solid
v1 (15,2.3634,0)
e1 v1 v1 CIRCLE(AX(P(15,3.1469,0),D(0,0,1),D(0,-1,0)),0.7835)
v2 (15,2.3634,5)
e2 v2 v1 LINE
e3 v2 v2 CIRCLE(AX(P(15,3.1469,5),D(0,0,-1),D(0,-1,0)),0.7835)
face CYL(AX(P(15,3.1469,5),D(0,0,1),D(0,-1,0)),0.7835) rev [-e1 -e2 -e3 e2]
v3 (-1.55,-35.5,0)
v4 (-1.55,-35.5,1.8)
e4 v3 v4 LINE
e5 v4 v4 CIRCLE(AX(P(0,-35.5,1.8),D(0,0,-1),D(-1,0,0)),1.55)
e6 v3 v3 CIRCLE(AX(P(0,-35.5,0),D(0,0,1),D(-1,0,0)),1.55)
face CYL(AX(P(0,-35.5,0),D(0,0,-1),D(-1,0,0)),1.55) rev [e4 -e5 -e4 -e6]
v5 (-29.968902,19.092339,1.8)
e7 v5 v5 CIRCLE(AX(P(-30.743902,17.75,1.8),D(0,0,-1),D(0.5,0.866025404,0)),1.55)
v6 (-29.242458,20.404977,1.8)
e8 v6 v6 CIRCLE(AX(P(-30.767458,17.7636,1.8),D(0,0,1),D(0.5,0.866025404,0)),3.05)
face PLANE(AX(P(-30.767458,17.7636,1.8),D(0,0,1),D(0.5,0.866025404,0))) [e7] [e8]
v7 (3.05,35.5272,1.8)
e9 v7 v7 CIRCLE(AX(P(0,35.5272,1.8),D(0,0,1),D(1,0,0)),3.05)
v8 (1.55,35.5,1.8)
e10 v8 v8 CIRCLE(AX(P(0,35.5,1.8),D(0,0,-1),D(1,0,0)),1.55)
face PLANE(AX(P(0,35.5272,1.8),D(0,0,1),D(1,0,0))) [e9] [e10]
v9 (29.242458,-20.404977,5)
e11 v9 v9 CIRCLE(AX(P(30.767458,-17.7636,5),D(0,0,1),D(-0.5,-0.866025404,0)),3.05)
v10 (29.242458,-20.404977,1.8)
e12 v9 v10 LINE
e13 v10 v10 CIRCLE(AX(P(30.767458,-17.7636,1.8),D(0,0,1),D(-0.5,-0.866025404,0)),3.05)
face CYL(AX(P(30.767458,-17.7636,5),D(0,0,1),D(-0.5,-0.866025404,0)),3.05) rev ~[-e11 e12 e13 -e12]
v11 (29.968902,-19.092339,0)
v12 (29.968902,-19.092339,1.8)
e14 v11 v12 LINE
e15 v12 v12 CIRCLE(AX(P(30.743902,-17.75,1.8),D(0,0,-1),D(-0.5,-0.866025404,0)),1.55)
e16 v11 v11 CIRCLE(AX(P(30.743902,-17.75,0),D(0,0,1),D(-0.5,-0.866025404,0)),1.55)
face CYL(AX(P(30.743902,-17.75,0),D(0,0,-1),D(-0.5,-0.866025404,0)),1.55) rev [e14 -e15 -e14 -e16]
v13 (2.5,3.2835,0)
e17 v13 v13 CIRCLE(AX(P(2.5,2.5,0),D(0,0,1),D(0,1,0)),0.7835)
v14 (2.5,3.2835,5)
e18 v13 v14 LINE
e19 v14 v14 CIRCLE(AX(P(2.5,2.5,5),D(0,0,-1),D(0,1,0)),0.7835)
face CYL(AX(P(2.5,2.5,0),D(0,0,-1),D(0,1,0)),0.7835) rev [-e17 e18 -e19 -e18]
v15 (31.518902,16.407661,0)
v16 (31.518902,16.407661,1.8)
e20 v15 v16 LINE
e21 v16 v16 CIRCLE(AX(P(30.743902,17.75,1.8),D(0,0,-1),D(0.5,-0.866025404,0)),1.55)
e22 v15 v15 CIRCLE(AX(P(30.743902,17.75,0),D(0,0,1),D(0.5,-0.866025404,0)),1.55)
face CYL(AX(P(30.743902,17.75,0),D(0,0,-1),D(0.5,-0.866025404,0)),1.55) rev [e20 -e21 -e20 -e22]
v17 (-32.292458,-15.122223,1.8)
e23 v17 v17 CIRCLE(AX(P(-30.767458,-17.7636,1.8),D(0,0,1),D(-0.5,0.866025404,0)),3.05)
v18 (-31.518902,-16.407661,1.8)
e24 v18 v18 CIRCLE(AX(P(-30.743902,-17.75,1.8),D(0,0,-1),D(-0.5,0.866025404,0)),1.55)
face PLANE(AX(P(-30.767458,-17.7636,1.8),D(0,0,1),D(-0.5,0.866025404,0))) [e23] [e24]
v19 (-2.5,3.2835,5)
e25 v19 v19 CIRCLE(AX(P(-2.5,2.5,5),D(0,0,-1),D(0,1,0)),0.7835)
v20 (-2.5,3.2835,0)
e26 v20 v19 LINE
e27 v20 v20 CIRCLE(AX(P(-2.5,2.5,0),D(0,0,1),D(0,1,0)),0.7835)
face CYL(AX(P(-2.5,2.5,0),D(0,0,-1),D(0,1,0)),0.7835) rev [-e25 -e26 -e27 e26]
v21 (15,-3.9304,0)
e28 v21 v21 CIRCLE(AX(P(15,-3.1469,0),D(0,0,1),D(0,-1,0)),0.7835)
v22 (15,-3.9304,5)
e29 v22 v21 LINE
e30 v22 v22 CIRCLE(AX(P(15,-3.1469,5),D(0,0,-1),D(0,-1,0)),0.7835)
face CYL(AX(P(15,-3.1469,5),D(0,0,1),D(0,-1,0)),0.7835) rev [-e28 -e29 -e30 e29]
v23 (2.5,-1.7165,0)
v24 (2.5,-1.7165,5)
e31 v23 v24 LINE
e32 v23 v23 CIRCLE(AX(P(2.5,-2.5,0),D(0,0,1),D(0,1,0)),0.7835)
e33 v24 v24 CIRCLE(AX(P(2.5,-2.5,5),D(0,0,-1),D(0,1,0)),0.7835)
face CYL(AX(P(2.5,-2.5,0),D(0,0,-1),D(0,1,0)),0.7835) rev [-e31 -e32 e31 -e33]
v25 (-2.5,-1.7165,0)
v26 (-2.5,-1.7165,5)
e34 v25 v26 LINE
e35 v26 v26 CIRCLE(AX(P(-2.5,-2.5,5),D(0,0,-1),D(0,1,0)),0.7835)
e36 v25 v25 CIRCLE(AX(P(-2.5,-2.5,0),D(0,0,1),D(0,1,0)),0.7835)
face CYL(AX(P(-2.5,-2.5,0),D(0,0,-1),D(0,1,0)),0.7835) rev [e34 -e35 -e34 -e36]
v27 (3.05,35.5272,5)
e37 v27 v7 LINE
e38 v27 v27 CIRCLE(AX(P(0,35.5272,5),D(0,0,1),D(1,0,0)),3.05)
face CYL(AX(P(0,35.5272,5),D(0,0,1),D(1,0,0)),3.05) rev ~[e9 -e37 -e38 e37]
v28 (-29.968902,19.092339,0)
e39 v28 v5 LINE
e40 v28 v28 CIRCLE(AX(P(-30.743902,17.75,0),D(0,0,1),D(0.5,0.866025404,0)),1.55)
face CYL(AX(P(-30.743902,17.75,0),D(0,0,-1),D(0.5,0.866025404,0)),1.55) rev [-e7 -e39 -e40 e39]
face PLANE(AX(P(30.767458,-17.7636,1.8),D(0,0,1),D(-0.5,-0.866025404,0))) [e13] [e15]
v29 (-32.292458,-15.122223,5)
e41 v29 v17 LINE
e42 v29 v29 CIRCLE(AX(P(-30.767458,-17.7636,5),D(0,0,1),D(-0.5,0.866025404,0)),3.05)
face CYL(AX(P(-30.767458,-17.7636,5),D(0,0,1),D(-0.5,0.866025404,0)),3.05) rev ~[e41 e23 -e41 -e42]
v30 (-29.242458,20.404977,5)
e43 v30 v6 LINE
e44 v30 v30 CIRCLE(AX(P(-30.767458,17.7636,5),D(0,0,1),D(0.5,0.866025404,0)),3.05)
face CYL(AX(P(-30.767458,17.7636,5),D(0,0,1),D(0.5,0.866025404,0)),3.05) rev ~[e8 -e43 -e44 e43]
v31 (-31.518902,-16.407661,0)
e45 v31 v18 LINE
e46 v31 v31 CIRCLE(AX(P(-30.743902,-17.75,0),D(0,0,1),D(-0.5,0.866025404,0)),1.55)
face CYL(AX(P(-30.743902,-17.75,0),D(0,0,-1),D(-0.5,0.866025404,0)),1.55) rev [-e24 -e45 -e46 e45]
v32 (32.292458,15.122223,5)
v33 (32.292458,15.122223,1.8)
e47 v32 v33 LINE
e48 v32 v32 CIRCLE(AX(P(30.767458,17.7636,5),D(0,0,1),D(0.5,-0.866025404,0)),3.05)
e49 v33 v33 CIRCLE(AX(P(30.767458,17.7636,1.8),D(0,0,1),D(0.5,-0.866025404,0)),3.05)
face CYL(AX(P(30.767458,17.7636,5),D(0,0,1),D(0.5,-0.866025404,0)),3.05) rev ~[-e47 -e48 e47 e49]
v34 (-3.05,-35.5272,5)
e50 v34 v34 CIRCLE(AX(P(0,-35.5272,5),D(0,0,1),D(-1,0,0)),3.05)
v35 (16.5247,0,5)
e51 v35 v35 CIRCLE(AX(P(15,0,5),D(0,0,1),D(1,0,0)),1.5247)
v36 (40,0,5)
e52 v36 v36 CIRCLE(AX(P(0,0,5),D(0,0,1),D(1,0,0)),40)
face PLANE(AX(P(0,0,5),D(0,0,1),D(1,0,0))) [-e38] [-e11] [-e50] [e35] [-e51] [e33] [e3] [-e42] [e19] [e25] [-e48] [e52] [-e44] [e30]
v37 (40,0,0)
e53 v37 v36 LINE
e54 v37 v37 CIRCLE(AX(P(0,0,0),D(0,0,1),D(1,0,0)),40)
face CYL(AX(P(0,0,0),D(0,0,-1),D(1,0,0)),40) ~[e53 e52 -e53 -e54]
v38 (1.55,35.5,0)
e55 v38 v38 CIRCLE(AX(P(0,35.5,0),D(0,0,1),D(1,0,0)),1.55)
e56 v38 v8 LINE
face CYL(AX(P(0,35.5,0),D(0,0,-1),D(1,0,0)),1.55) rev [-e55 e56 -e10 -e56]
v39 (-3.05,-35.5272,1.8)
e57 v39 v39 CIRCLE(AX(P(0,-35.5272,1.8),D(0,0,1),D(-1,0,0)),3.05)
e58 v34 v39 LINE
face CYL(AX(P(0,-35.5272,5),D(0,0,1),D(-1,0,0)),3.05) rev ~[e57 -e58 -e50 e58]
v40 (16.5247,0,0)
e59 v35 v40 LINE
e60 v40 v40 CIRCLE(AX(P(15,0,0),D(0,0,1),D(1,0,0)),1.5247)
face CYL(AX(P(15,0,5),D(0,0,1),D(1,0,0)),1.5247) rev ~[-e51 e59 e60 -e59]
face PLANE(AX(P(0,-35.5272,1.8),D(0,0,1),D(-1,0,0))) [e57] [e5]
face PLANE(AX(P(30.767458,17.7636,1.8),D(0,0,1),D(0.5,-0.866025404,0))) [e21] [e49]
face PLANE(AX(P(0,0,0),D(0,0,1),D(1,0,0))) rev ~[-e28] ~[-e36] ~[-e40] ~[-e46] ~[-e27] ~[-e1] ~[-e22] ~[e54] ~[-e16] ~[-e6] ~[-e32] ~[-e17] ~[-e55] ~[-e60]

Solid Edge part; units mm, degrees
sketch "Sketch1" plane through (0, 0, 0) normal (0, 0, 1) x (1, 0, 0)
  circle A0 centre (0, 0) radius 40
extrude "Protrusion1" add sketch "Sketch1" along normal blind 5
sketch "Sketch2" plane through (0, 0, 0) normal (0, 0, 1) x (1, 0, 0)
  circle A0 centre (0, 35.5) radius 1.55
  dimension "D1" = 35.5
extrude "Cutout1" cut sketch "Sketch2" along normal up to next
sketch "Sketch3" plane through (0, 0, 5) normal (0, 0, 1) x (1, 0, 0)
  circle A0 centre (0, 35.5272) radius 3.05
extrude "ExtrudedCutout_2" cut sketch "Sketch3" against normal blind 3.2
pattern_circular "Pattern1" count 6 over 360 about axis through (0, 0, 5) along (0, 0, -1) of "ExtrudedCutout_2", "Cutout1"
sketch "Sketch4" plane through (0, 0, 5) normal (0, 0, 1) x (1, 0, 0)
  circle A0 centre (15, 0) radius 1.5247
extrude "ExtrudedCutout_3" cut sketch "Sketch4" against normal blind 43.3262
hole "Hole_1" at (15, -3.1469, 5) direction (0, 0, -1) diameter 1.567 end up to next thread major 2 thread length 2
hole "Hole1" at (15, 3.1469, 5) direction (0, 0, -1) diameter 1.567 end up to next thread major 2 thread length 2
hole "Hole_3" at (-2.5, -2.5, 0) direction (0, 0, 1) diameter 1.567 end up to next thread major 2 thread length 2
hole "Hole2" at (-2.5, 2.5, 0) direction (0, 0, 1) diameter 1.567 end up to next thread major 2 thread length 2
hole "Hole3" at (2.5, 2.5, 0) direction (0, 0, 1) diameter 1.567 end up to next thread major 2 thread length 2
hole "Hole4" at (2.5, -2.5, 0) direction (0, 0, 1) diameter 1.567 end up to next thread major 2 thread length 2
